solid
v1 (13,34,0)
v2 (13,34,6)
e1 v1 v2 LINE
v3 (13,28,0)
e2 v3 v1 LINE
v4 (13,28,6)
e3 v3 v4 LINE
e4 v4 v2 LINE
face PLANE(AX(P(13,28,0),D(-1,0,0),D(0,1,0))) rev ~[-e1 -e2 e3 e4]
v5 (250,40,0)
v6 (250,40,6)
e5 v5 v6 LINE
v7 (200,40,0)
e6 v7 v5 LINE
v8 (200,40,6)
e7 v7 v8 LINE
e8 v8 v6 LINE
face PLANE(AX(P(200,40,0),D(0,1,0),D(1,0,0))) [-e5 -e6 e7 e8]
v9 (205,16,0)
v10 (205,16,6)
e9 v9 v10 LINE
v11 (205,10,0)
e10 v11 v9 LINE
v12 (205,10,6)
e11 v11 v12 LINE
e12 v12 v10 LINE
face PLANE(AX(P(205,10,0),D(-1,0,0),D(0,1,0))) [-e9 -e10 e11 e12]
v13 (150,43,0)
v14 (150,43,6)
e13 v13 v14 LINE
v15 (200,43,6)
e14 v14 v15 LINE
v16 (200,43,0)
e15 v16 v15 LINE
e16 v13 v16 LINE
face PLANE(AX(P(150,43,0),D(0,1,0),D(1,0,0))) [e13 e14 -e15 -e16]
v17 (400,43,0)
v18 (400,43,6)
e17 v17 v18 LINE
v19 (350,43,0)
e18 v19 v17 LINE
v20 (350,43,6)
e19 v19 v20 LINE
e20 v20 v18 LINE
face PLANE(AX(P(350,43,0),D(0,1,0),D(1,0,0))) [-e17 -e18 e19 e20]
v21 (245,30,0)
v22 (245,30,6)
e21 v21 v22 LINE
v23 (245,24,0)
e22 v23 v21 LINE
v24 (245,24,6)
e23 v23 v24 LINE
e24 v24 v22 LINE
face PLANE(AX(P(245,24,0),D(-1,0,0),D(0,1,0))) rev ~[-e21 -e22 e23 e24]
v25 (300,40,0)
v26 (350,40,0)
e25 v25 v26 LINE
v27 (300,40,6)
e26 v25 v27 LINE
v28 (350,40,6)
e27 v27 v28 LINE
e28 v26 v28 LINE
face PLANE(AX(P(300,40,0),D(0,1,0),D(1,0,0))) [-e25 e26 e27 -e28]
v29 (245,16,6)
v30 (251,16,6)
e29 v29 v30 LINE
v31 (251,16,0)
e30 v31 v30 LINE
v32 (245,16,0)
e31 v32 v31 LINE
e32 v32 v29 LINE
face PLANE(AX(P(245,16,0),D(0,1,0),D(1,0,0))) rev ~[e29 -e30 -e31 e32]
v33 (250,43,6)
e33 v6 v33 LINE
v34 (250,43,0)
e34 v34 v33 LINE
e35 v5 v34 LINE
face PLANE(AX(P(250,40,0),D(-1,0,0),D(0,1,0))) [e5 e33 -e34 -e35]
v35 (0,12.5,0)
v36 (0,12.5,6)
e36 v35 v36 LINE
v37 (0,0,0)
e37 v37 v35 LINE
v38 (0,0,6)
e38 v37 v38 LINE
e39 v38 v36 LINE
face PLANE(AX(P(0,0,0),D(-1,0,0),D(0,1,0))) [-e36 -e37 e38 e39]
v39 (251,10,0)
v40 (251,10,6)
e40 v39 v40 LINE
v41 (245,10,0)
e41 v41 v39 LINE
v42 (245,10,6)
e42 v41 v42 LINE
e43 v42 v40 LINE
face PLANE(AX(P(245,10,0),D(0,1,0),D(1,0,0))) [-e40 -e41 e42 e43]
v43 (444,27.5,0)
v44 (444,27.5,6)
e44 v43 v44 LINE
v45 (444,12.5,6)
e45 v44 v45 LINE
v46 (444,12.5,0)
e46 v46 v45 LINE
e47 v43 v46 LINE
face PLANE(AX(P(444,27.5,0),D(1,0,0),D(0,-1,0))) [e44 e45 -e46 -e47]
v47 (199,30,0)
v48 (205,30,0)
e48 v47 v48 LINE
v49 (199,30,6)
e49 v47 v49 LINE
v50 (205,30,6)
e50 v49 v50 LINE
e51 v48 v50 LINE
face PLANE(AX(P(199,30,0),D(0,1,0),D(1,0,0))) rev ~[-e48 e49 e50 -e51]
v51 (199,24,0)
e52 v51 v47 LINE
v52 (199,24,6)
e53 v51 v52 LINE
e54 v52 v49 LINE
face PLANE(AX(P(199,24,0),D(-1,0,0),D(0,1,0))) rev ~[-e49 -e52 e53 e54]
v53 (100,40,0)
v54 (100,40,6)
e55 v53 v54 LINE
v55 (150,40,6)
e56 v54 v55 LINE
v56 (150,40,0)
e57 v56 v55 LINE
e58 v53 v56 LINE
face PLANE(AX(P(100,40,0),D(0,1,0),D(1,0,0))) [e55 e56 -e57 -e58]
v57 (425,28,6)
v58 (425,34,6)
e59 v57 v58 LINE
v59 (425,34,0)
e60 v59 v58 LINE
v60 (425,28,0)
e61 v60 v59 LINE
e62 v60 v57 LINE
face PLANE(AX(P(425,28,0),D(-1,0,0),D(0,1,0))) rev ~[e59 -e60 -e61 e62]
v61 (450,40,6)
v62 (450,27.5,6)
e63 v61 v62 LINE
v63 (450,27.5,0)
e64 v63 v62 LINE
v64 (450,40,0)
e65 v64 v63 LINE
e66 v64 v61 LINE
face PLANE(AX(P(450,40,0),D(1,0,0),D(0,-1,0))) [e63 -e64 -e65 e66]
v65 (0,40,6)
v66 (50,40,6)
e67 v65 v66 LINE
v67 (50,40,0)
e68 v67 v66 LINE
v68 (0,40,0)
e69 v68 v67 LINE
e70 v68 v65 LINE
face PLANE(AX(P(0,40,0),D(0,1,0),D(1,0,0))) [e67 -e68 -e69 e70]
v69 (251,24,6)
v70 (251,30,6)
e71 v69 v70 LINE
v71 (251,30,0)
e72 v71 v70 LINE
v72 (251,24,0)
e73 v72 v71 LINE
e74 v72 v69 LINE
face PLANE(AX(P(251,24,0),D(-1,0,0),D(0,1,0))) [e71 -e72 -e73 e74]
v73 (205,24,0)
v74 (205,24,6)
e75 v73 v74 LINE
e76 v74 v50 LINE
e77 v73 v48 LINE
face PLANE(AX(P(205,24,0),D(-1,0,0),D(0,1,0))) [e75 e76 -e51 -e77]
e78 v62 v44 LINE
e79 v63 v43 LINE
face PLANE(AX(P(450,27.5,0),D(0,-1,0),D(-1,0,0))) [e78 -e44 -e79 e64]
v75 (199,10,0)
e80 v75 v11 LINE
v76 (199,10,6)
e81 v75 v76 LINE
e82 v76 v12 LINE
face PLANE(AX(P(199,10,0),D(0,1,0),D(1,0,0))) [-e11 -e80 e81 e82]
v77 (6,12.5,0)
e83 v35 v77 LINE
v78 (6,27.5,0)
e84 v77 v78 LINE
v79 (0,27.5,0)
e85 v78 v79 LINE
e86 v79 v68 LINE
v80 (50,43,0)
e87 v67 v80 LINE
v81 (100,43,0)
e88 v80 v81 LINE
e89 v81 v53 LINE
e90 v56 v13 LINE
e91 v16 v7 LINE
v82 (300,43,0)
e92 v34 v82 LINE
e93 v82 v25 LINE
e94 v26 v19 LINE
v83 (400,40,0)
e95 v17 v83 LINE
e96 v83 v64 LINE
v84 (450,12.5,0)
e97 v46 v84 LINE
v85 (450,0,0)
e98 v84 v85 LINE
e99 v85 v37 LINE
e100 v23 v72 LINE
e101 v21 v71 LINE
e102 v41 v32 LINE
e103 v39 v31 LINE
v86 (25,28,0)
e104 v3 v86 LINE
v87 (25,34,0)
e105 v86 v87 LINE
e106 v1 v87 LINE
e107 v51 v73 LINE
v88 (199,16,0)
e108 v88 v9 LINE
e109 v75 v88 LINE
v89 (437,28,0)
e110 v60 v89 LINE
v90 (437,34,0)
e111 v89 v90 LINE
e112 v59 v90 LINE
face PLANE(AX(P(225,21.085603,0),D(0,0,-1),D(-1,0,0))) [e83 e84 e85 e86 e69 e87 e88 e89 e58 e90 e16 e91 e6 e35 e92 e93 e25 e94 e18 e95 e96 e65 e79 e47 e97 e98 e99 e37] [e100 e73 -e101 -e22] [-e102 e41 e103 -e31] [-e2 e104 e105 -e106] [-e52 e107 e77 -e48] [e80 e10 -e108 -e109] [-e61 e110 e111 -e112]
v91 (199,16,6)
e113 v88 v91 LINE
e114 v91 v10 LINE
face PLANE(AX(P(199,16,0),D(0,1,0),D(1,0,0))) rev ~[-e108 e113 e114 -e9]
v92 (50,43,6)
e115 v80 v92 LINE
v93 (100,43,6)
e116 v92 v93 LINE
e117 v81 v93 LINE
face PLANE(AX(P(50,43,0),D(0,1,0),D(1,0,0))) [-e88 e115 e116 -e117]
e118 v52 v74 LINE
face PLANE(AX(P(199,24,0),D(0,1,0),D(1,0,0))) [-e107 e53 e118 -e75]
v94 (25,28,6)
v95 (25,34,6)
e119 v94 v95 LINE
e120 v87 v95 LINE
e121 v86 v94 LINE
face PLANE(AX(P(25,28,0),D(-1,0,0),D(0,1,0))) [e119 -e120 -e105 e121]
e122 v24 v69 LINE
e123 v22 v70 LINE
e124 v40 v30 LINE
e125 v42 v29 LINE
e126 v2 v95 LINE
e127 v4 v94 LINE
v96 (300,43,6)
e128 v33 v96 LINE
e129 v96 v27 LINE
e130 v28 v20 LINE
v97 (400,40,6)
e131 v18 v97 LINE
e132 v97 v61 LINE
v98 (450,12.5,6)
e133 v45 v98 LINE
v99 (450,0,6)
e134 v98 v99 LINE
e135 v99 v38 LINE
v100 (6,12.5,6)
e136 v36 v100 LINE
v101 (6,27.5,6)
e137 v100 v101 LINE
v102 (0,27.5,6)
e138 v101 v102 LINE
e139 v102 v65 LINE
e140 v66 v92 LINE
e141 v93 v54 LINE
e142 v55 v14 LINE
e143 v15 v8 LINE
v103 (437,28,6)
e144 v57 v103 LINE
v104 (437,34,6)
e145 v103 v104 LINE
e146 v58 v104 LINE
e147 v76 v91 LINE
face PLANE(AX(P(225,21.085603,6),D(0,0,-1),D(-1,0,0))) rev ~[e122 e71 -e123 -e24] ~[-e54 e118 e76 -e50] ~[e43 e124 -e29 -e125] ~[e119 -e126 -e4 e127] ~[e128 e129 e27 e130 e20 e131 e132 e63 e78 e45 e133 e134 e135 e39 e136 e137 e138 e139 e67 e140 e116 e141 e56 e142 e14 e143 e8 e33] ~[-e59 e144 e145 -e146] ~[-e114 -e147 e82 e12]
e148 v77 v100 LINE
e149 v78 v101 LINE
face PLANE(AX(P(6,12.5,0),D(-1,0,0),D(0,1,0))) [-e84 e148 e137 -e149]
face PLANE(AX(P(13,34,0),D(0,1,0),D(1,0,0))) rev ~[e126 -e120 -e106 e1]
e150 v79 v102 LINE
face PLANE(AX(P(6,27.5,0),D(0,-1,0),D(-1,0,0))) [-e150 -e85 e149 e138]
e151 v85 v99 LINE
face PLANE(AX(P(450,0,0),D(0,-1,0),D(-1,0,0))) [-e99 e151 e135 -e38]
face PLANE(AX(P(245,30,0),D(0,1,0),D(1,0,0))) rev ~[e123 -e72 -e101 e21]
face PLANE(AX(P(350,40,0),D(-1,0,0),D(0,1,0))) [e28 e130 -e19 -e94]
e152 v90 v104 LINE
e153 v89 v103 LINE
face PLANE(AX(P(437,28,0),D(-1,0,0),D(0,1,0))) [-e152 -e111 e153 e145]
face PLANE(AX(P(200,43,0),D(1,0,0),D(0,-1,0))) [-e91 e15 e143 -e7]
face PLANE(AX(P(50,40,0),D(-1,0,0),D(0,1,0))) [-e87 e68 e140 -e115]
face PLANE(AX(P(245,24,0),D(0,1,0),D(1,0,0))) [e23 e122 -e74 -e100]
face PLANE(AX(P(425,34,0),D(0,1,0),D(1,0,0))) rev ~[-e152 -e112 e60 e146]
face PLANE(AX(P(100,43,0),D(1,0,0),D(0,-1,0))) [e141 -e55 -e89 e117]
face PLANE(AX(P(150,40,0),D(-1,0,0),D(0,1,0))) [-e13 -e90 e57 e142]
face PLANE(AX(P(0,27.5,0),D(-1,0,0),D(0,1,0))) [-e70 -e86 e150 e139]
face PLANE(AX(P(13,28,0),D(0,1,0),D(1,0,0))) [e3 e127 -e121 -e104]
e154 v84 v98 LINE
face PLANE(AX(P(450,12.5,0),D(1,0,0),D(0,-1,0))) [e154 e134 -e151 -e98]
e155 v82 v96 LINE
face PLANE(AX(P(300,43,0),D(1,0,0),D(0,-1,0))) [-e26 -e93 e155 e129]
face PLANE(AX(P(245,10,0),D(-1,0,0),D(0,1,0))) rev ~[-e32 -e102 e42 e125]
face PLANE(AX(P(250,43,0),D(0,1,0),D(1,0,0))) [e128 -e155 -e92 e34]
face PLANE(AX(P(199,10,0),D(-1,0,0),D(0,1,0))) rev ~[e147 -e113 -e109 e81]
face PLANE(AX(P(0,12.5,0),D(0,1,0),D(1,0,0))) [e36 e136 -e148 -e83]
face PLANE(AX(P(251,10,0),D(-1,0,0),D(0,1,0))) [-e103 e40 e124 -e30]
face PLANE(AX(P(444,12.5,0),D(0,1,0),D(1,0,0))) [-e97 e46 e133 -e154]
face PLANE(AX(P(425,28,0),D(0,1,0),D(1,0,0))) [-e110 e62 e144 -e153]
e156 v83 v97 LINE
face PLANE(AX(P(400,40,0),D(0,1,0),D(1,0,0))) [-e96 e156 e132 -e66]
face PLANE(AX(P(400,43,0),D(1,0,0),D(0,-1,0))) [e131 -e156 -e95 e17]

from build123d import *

# Parameters (mm, degrees)
SKETCH_1_W      = 12
SKETCH_1_H      = 6
SKETCH_1_W_2    = 6
EXTRUDE_1_DEPTH = 6


with BuildPart() as part:
    # Эскиз1 → Бобышка-Вытянуть1 (new body)
    with BuildSketch(Plane.XY):
        Polygon((100, 40), (150, 40), (150, 43), (200, 43), (200, 40), (250, 40), (250, 43), (300, 43), (300, 40), (350, 40), (350, 43), (400, 43), (400, 40), (450, 40), (450, 27.5), (444, 27.5), (444, 12.5), (450, 12.5), (450, 0), (0, 0), (0, 12.5), (6, 12.5), (6, 27.5), (0, 27.5), (0, 40), (50, 40), (50, 43), (100, 43), align=None)
        with Locations((19, 31)):
            Rectangle(SKETCH_1_W, SKETCH_1_H, mode=Mode.SUBTRACT)
        with Locations((431, 31)):
            Rectangle(SKETCH_1_W, SKETCH_1_H, mode=Mode.SUBTRACT)
        with Locations((248, 27)):
            Rectangle(SKETCH_1_W_2, SKETCH_1_H, mode=Mode.SUBTRACT)
        with Locations((248, 13)):
            Rectangle(SKETCH_1_W_2, SKETCH_1_H, mode=Mode.SUBTRACT)
        with Locations((202, 27)):
            Rectangle(SKETCH_1_W_2, SKETCH_1_H, mode=Mode.SUBTRACT)
        with Locations((202, 13)):
            Rectangle(SKETCH_1_W_2, SKETCH_1_H, mode=Mode.SUBTRACT)
    extrude(amount=EXTRUDE_1_DEPTH)


solid = part.part
